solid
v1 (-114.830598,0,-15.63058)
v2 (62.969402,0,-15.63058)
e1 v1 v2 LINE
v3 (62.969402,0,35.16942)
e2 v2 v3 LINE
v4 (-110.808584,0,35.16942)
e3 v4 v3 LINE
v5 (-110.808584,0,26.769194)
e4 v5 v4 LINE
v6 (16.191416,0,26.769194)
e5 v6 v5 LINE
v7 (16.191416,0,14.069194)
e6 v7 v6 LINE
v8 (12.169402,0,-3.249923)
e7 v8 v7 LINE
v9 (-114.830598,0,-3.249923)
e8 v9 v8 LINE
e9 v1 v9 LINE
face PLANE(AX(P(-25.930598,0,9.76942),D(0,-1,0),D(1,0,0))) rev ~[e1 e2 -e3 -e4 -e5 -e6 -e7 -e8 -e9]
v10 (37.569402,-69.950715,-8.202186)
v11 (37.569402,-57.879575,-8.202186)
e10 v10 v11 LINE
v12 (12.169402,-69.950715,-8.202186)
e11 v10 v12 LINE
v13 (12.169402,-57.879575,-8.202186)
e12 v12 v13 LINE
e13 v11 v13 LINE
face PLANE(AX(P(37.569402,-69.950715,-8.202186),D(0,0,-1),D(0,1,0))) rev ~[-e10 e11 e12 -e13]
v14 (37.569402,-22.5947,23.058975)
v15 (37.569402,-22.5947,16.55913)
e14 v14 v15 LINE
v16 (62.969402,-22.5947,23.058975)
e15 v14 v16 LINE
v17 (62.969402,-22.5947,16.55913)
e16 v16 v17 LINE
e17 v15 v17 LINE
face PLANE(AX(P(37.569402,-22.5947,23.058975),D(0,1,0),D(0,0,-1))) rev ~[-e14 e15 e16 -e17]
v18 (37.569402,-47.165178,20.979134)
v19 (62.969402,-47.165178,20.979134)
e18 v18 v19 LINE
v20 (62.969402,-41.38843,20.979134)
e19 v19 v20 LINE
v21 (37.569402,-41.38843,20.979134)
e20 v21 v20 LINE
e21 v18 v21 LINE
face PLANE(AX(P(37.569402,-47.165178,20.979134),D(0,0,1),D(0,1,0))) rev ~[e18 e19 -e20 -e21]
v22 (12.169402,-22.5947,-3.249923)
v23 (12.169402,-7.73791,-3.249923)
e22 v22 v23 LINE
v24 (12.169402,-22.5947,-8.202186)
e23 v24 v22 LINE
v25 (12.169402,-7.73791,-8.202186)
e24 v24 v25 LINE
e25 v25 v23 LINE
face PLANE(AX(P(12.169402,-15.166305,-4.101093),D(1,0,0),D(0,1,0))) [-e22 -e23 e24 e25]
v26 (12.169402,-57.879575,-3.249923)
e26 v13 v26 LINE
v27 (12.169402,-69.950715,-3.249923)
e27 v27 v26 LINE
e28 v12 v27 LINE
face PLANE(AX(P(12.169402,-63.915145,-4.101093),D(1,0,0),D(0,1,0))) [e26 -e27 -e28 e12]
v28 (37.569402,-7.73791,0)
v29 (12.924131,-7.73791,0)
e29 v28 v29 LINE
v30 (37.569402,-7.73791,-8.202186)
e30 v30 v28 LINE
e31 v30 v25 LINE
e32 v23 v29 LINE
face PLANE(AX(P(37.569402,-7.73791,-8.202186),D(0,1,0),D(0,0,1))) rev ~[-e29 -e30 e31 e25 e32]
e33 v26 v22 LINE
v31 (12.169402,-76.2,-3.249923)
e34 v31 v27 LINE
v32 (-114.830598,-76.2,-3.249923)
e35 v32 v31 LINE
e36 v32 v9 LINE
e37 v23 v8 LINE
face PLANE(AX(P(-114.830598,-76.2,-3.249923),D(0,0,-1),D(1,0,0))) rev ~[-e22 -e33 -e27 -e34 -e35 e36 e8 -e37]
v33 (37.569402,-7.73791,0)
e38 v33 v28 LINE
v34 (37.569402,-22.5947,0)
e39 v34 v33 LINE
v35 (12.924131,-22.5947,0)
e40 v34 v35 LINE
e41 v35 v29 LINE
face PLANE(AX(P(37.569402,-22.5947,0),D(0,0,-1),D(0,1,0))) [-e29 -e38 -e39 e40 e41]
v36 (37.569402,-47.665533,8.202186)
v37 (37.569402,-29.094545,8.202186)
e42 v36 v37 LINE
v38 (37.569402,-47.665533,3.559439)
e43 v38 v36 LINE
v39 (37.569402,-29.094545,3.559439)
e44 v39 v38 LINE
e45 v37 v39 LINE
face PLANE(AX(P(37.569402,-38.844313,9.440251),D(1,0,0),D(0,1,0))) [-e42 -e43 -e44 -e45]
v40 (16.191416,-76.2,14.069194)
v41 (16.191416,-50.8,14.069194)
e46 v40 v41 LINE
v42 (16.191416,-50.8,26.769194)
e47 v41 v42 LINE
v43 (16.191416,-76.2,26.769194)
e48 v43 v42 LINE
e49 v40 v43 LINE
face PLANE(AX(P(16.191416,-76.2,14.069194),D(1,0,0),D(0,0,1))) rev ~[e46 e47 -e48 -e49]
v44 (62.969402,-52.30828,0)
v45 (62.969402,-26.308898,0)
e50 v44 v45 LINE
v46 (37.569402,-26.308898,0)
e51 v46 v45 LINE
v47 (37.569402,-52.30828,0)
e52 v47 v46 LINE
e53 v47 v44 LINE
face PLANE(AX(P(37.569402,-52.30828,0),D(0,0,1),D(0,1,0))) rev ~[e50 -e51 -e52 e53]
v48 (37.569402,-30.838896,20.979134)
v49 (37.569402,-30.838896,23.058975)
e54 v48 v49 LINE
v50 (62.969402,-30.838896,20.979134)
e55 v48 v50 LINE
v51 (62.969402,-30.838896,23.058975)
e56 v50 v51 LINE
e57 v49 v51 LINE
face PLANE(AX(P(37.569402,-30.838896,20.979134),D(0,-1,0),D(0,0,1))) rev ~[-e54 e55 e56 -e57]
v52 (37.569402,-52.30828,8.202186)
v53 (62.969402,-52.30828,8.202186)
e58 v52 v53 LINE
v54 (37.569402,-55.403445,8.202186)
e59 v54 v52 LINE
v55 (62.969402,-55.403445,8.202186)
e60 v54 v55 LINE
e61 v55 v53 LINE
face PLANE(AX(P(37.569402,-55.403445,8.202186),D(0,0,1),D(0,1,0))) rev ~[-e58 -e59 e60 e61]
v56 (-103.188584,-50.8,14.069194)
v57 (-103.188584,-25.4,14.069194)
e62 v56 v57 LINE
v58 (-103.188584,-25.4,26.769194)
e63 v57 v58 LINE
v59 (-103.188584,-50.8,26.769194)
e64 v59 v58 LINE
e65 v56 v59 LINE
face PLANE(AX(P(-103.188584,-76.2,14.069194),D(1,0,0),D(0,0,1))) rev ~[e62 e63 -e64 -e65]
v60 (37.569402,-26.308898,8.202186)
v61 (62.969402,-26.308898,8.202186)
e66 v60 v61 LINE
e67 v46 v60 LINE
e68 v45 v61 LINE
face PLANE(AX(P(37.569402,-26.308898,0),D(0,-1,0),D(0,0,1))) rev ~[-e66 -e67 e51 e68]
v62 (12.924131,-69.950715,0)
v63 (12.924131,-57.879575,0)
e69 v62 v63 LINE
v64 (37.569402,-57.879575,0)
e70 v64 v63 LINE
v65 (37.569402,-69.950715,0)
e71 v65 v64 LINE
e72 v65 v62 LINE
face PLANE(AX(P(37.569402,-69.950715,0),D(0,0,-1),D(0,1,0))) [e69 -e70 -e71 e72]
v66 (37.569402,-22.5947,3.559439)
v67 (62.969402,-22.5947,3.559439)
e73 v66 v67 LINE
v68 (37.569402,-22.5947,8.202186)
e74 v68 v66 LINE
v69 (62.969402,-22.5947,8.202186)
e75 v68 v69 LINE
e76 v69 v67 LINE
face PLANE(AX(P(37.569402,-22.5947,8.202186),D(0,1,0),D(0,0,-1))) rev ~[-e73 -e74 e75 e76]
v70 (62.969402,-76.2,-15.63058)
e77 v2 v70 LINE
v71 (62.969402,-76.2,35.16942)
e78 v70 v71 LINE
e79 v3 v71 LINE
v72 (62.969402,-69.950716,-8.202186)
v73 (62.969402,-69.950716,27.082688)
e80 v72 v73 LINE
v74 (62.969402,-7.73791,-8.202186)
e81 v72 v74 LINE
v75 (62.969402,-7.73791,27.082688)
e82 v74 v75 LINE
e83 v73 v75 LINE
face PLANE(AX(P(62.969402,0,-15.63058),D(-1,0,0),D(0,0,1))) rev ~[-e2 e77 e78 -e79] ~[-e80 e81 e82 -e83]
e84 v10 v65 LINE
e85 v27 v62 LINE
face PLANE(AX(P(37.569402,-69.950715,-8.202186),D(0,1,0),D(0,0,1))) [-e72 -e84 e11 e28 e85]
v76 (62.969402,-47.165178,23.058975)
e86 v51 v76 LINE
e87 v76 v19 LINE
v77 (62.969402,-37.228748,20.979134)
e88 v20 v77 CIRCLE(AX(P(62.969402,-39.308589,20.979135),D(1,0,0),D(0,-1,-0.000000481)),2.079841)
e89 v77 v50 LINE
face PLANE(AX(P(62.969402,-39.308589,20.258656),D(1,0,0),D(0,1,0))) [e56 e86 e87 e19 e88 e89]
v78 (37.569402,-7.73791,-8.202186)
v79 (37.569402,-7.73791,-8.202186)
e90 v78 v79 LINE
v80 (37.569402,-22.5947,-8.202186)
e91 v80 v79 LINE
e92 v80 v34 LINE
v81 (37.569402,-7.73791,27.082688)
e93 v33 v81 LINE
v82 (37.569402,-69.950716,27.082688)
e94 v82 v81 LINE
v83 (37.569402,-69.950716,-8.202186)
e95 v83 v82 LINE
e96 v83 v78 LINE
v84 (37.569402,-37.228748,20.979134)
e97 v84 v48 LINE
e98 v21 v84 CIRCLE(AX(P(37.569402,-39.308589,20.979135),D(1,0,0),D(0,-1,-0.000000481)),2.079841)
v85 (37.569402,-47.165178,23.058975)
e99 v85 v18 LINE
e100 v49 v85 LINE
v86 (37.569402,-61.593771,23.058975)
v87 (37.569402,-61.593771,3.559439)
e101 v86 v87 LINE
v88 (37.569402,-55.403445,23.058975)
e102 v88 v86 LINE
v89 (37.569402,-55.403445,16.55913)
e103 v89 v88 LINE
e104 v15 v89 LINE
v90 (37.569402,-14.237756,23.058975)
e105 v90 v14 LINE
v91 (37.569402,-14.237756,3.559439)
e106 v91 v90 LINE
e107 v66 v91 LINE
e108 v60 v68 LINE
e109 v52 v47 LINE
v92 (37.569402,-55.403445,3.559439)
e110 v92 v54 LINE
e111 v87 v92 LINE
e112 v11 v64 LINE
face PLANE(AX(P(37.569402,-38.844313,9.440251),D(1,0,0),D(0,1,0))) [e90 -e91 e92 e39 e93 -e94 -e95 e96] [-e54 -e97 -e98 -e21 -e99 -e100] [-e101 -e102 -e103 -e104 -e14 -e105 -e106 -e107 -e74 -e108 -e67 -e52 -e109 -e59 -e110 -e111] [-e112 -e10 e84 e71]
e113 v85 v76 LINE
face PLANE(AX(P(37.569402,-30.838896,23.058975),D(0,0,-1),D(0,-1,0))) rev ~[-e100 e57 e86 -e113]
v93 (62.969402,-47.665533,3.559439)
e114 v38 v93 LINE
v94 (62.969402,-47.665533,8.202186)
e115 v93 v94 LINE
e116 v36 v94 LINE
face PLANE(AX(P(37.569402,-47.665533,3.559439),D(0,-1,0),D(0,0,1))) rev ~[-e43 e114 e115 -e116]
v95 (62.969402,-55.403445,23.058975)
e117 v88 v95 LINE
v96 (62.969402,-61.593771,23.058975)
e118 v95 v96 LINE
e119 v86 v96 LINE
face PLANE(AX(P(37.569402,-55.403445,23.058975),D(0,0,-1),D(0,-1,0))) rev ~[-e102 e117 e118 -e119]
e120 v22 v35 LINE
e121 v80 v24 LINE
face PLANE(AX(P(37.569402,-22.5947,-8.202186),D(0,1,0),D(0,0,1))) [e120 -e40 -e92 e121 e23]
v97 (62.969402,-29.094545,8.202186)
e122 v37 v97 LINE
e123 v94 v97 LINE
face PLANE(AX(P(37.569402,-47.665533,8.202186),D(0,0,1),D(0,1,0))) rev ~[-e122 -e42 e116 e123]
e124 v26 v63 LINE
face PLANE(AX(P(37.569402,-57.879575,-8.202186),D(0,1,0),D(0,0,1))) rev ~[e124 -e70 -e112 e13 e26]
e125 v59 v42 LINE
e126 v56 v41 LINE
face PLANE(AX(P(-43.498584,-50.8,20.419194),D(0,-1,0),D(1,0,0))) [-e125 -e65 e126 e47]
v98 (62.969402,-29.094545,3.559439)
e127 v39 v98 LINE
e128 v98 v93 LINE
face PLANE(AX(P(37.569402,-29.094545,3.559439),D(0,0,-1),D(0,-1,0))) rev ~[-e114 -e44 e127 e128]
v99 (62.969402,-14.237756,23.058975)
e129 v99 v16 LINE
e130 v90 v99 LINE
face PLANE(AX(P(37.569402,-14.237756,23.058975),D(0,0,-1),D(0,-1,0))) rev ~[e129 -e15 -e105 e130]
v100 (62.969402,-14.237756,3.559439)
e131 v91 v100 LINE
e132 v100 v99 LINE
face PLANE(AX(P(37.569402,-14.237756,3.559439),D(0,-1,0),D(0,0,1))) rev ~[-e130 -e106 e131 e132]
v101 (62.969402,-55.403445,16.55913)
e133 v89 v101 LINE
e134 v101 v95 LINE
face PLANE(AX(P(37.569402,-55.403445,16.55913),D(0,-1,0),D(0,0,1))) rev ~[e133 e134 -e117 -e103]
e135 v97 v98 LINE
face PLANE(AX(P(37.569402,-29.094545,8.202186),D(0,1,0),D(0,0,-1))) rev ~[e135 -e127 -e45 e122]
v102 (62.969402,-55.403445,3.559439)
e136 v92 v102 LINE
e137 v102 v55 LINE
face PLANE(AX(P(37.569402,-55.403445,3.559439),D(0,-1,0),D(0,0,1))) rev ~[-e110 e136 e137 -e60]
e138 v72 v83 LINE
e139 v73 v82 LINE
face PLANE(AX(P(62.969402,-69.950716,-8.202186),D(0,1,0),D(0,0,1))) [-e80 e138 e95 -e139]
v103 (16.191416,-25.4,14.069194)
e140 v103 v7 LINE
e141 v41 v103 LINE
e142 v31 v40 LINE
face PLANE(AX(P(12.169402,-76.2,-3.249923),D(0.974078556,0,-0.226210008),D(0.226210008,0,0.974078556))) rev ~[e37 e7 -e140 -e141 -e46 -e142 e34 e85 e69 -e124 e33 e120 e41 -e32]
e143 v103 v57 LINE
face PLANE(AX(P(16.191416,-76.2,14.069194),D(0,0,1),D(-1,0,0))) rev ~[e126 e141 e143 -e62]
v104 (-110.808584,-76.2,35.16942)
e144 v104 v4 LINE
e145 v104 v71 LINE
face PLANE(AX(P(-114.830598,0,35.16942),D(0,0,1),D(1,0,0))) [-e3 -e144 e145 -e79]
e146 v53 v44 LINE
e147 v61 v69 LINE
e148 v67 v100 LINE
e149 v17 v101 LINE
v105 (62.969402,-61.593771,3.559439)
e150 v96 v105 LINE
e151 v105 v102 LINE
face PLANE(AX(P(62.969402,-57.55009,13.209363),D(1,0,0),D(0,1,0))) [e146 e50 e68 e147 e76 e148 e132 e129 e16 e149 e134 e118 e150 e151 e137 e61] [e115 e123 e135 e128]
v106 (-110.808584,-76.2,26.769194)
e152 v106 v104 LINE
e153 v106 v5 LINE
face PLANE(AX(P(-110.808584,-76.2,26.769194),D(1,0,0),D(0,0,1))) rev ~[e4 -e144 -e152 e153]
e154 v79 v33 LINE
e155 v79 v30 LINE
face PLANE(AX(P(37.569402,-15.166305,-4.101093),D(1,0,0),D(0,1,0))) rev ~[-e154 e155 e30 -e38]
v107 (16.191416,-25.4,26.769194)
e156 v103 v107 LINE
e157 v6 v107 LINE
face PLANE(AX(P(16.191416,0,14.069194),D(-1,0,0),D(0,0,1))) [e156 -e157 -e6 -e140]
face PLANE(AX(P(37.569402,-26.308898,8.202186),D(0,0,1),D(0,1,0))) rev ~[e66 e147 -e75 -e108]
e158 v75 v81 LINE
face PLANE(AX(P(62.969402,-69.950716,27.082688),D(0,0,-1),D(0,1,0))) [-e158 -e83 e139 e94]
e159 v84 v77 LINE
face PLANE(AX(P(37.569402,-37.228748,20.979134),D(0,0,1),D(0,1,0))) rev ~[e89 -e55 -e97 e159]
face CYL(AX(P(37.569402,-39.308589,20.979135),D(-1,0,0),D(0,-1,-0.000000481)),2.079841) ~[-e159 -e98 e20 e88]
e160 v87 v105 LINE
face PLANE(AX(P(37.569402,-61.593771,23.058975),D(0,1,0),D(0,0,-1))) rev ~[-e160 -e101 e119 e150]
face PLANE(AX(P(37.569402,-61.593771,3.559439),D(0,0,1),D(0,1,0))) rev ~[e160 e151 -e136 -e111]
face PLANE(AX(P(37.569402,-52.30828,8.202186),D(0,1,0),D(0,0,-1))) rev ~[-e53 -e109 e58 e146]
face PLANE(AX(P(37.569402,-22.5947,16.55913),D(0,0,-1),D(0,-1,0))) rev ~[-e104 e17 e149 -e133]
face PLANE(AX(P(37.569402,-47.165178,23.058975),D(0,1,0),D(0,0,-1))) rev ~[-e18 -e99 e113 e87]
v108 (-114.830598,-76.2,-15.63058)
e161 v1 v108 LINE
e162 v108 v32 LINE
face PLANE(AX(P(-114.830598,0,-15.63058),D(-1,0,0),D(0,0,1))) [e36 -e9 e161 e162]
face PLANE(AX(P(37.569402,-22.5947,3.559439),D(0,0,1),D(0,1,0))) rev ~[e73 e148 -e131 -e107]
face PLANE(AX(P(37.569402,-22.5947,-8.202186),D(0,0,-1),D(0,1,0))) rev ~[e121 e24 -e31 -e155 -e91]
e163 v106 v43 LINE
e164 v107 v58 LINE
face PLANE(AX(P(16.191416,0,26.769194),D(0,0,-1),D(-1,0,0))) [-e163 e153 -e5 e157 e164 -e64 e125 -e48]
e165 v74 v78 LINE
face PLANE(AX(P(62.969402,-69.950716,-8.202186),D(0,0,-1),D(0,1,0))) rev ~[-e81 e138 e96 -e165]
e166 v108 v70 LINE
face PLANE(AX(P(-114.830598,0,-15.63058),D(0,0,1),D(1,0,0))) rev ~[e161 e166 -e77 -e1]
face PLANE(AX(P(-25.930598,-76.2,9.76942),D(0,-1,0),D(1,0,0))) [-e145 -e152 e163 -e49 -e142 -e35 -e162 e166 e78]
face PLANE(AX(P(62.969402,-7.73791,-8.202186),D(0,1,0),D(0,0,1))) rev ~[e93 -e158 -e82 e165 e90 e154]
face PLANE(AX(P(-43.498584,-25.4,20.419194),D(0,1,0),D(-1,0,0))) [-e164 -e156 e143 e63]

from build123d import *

# Parameters (mm, degrees)
F0_W      = 177.8
F0_H      = 50.8
F1_DEPTH  = 76.2
F3_DEPTH  = 76.2
F4_W      = 119.38
F4_H      = 12.7
F5_DEPTH  = 25.4
F6_W      = 119.38
F6_H      = 12.7
F7_DEPTH  = 25.4
F8_W      = 62.212805
F8_H      = 35.284875
F9_DEPTH  = 25.4
F10_W     = 12.07114
F10_H     = 8.202186
F10_W_2   = 14.85679
F11_DEPTH = 25.4
F13_DEPTH = 25.4


with BuildPart() as f1:
    # F0 (on Front) → F1 (new body)
    with BuildSketch(Plane.XZ):
        with Locations((-25.930598, 9.76942)):
            Rectangle(F0_W, F0_H)
    extrude(amount=F1_DEPTH)

    # F2 (on face) → F3 (cut)
    with BuildSketch(Plane.XZ.offset(76.2)):
        Polygon((-114.830598, 35.16942), (-114.830598, -3.249923), (12.169402, -3.249923), (16.191416, 14.069194), (-103.188584, 14.069194), (-103.188584, 26.769194), (-110.808584, 26.769194), (-110.808584, 35.16942), align=None)
    extrude(amount=-F3_DEPTH, mode=Mode.SUBTRACT)

    # F4 (on face) → F5 (cut)
    with BuildSketch(Plane.XZ.offset(76.2)):
        with Locations((-43.498584, 20.419194)):
            Rectangle(F4_W, F4_H)
    extrude(amount=-F5_DEPTH, mode=Mode.SUBTRACT)

    # F6 (on face) → F7 (cut)
    with BuildSketch(Plane(origin=(0, 0, 0), x_dir=(-1, 0, 0), z_dir=(0, 1, 0))):
        with Locations((43.498584, 20.419194)):
            Rectangle(F6_W, F6_H)
    extrude(amount=-F7_DEPTH, mode=Mode.SUBTRACT)

    # F8 (on face) → F9 (cut)
    with BuildSketch(Plane.YZ.offset(62.969402)):
        with Locations((-38.844313, 9.440251)):
            Rectangle(F8_W, F8_H)
    extrude(amount=-F9_DEPTH, mode=Mode.SUBTRACT)

    # F10 (on face) → F11 (cut)
    with BuildSketch(Plane.YZ.offset(37.569402)):
        with Locations((-63.915145, -4.101093)):
            Rectangle(F10_W, F10_H)
        with Locations((-15.166305, -4.101093)):
            Rectangle(F10_W_2, F10_H)
    extrude(amount=-F11_DEPTH, mode=Mode.SUBTRACT)

    # F12 (on face) → F13 (join)
    with BuildSketch(Plane.YZ.offset(37.569402)):
        Polygon((-55.403445, 23.058975), (-61.593771, 23.058975), (-61.593771, 3.559439), (-55.403445, 3.559439), (-55.403445, 8.202186), (-52.30828, 8.202186), (-52.30828, 16.55913), (-55.403445, 16.55913), align=None)
        Polygon((-26.308898, 16.55913), (-52.30828, 16.55913), (-52.30828, 8.202186), (-47.665533, 8.202186), (-29.094545, 8.202186), (-26.308898, 8.202186), align=None)
        Polygon((-47.665533, 8.202186), (-52.30828, 8.202186), (-52.30828, 0), (-26.308898, 0), (-26.308898, 8.202186), (-29.094545, 8.202186), (-29.094545, 3.559439), (-47.665533, 3.559439), align=None)
        with BuildLine():
            ThreePointArc((-41.38843, 20.979134), (-39.308589, 18.899294), (-37.228748, 20.979134))
            Line((-37.228748, 20.979134), (-41.38843, 20.979134))
        make_face()
        with BuildLine():
            Line((-41.38843, 20.979134), (-37.228748, 20.979134))
            ThreePointArc((-37.228748, 20.979134), (-37.837919, 22.449804), (-39.308589, 23.058975))
            ThreePointArc((-39.308589, 23.058975), (-40.779258, 22.449804), (-41.38843, 20.979134))
        make_face()
        with BuildLine():
            ThreePointArc((-41.38843, 20.979134), (-40.779258, 22.449804), (-39.308589, 23.058975))
            Line((-39.308589, 23.058975), (-47.165178, 23.058975))
            Line((-47.165178, 23.058975), (-47.165178, 20.979134))
            Line((-47.165178, 20.979134), (-41.38843, 20.979134))
        make_face()
        with BuildLine():
            ThreePointArc((-39.308589, 23.058975), (-37.837919, 22.449804), (-37.228748, 20.979134))
            Line((-37.228748, 20.979134), (-30.838896, 20.979134))
            Line((-30.838896, 20.979134), (-30.838896, 23.058975))
            Line((-30.838896, 23.058975), (-39.308589, 23.058975))
        make_face()
        Polygon((-22.5947, 16.55913), (-26.308898, 16.55913), (-26.308898, 8.202186), (-22.5947, 8.202186), (-22.5947, 3.559439), (-14.237756, 3.559439), (-14.237756, 23.058975), (-22.5947, 23.058975), align=None)
    extrude(amount=F13_DEPTH)


solid = f1.part
